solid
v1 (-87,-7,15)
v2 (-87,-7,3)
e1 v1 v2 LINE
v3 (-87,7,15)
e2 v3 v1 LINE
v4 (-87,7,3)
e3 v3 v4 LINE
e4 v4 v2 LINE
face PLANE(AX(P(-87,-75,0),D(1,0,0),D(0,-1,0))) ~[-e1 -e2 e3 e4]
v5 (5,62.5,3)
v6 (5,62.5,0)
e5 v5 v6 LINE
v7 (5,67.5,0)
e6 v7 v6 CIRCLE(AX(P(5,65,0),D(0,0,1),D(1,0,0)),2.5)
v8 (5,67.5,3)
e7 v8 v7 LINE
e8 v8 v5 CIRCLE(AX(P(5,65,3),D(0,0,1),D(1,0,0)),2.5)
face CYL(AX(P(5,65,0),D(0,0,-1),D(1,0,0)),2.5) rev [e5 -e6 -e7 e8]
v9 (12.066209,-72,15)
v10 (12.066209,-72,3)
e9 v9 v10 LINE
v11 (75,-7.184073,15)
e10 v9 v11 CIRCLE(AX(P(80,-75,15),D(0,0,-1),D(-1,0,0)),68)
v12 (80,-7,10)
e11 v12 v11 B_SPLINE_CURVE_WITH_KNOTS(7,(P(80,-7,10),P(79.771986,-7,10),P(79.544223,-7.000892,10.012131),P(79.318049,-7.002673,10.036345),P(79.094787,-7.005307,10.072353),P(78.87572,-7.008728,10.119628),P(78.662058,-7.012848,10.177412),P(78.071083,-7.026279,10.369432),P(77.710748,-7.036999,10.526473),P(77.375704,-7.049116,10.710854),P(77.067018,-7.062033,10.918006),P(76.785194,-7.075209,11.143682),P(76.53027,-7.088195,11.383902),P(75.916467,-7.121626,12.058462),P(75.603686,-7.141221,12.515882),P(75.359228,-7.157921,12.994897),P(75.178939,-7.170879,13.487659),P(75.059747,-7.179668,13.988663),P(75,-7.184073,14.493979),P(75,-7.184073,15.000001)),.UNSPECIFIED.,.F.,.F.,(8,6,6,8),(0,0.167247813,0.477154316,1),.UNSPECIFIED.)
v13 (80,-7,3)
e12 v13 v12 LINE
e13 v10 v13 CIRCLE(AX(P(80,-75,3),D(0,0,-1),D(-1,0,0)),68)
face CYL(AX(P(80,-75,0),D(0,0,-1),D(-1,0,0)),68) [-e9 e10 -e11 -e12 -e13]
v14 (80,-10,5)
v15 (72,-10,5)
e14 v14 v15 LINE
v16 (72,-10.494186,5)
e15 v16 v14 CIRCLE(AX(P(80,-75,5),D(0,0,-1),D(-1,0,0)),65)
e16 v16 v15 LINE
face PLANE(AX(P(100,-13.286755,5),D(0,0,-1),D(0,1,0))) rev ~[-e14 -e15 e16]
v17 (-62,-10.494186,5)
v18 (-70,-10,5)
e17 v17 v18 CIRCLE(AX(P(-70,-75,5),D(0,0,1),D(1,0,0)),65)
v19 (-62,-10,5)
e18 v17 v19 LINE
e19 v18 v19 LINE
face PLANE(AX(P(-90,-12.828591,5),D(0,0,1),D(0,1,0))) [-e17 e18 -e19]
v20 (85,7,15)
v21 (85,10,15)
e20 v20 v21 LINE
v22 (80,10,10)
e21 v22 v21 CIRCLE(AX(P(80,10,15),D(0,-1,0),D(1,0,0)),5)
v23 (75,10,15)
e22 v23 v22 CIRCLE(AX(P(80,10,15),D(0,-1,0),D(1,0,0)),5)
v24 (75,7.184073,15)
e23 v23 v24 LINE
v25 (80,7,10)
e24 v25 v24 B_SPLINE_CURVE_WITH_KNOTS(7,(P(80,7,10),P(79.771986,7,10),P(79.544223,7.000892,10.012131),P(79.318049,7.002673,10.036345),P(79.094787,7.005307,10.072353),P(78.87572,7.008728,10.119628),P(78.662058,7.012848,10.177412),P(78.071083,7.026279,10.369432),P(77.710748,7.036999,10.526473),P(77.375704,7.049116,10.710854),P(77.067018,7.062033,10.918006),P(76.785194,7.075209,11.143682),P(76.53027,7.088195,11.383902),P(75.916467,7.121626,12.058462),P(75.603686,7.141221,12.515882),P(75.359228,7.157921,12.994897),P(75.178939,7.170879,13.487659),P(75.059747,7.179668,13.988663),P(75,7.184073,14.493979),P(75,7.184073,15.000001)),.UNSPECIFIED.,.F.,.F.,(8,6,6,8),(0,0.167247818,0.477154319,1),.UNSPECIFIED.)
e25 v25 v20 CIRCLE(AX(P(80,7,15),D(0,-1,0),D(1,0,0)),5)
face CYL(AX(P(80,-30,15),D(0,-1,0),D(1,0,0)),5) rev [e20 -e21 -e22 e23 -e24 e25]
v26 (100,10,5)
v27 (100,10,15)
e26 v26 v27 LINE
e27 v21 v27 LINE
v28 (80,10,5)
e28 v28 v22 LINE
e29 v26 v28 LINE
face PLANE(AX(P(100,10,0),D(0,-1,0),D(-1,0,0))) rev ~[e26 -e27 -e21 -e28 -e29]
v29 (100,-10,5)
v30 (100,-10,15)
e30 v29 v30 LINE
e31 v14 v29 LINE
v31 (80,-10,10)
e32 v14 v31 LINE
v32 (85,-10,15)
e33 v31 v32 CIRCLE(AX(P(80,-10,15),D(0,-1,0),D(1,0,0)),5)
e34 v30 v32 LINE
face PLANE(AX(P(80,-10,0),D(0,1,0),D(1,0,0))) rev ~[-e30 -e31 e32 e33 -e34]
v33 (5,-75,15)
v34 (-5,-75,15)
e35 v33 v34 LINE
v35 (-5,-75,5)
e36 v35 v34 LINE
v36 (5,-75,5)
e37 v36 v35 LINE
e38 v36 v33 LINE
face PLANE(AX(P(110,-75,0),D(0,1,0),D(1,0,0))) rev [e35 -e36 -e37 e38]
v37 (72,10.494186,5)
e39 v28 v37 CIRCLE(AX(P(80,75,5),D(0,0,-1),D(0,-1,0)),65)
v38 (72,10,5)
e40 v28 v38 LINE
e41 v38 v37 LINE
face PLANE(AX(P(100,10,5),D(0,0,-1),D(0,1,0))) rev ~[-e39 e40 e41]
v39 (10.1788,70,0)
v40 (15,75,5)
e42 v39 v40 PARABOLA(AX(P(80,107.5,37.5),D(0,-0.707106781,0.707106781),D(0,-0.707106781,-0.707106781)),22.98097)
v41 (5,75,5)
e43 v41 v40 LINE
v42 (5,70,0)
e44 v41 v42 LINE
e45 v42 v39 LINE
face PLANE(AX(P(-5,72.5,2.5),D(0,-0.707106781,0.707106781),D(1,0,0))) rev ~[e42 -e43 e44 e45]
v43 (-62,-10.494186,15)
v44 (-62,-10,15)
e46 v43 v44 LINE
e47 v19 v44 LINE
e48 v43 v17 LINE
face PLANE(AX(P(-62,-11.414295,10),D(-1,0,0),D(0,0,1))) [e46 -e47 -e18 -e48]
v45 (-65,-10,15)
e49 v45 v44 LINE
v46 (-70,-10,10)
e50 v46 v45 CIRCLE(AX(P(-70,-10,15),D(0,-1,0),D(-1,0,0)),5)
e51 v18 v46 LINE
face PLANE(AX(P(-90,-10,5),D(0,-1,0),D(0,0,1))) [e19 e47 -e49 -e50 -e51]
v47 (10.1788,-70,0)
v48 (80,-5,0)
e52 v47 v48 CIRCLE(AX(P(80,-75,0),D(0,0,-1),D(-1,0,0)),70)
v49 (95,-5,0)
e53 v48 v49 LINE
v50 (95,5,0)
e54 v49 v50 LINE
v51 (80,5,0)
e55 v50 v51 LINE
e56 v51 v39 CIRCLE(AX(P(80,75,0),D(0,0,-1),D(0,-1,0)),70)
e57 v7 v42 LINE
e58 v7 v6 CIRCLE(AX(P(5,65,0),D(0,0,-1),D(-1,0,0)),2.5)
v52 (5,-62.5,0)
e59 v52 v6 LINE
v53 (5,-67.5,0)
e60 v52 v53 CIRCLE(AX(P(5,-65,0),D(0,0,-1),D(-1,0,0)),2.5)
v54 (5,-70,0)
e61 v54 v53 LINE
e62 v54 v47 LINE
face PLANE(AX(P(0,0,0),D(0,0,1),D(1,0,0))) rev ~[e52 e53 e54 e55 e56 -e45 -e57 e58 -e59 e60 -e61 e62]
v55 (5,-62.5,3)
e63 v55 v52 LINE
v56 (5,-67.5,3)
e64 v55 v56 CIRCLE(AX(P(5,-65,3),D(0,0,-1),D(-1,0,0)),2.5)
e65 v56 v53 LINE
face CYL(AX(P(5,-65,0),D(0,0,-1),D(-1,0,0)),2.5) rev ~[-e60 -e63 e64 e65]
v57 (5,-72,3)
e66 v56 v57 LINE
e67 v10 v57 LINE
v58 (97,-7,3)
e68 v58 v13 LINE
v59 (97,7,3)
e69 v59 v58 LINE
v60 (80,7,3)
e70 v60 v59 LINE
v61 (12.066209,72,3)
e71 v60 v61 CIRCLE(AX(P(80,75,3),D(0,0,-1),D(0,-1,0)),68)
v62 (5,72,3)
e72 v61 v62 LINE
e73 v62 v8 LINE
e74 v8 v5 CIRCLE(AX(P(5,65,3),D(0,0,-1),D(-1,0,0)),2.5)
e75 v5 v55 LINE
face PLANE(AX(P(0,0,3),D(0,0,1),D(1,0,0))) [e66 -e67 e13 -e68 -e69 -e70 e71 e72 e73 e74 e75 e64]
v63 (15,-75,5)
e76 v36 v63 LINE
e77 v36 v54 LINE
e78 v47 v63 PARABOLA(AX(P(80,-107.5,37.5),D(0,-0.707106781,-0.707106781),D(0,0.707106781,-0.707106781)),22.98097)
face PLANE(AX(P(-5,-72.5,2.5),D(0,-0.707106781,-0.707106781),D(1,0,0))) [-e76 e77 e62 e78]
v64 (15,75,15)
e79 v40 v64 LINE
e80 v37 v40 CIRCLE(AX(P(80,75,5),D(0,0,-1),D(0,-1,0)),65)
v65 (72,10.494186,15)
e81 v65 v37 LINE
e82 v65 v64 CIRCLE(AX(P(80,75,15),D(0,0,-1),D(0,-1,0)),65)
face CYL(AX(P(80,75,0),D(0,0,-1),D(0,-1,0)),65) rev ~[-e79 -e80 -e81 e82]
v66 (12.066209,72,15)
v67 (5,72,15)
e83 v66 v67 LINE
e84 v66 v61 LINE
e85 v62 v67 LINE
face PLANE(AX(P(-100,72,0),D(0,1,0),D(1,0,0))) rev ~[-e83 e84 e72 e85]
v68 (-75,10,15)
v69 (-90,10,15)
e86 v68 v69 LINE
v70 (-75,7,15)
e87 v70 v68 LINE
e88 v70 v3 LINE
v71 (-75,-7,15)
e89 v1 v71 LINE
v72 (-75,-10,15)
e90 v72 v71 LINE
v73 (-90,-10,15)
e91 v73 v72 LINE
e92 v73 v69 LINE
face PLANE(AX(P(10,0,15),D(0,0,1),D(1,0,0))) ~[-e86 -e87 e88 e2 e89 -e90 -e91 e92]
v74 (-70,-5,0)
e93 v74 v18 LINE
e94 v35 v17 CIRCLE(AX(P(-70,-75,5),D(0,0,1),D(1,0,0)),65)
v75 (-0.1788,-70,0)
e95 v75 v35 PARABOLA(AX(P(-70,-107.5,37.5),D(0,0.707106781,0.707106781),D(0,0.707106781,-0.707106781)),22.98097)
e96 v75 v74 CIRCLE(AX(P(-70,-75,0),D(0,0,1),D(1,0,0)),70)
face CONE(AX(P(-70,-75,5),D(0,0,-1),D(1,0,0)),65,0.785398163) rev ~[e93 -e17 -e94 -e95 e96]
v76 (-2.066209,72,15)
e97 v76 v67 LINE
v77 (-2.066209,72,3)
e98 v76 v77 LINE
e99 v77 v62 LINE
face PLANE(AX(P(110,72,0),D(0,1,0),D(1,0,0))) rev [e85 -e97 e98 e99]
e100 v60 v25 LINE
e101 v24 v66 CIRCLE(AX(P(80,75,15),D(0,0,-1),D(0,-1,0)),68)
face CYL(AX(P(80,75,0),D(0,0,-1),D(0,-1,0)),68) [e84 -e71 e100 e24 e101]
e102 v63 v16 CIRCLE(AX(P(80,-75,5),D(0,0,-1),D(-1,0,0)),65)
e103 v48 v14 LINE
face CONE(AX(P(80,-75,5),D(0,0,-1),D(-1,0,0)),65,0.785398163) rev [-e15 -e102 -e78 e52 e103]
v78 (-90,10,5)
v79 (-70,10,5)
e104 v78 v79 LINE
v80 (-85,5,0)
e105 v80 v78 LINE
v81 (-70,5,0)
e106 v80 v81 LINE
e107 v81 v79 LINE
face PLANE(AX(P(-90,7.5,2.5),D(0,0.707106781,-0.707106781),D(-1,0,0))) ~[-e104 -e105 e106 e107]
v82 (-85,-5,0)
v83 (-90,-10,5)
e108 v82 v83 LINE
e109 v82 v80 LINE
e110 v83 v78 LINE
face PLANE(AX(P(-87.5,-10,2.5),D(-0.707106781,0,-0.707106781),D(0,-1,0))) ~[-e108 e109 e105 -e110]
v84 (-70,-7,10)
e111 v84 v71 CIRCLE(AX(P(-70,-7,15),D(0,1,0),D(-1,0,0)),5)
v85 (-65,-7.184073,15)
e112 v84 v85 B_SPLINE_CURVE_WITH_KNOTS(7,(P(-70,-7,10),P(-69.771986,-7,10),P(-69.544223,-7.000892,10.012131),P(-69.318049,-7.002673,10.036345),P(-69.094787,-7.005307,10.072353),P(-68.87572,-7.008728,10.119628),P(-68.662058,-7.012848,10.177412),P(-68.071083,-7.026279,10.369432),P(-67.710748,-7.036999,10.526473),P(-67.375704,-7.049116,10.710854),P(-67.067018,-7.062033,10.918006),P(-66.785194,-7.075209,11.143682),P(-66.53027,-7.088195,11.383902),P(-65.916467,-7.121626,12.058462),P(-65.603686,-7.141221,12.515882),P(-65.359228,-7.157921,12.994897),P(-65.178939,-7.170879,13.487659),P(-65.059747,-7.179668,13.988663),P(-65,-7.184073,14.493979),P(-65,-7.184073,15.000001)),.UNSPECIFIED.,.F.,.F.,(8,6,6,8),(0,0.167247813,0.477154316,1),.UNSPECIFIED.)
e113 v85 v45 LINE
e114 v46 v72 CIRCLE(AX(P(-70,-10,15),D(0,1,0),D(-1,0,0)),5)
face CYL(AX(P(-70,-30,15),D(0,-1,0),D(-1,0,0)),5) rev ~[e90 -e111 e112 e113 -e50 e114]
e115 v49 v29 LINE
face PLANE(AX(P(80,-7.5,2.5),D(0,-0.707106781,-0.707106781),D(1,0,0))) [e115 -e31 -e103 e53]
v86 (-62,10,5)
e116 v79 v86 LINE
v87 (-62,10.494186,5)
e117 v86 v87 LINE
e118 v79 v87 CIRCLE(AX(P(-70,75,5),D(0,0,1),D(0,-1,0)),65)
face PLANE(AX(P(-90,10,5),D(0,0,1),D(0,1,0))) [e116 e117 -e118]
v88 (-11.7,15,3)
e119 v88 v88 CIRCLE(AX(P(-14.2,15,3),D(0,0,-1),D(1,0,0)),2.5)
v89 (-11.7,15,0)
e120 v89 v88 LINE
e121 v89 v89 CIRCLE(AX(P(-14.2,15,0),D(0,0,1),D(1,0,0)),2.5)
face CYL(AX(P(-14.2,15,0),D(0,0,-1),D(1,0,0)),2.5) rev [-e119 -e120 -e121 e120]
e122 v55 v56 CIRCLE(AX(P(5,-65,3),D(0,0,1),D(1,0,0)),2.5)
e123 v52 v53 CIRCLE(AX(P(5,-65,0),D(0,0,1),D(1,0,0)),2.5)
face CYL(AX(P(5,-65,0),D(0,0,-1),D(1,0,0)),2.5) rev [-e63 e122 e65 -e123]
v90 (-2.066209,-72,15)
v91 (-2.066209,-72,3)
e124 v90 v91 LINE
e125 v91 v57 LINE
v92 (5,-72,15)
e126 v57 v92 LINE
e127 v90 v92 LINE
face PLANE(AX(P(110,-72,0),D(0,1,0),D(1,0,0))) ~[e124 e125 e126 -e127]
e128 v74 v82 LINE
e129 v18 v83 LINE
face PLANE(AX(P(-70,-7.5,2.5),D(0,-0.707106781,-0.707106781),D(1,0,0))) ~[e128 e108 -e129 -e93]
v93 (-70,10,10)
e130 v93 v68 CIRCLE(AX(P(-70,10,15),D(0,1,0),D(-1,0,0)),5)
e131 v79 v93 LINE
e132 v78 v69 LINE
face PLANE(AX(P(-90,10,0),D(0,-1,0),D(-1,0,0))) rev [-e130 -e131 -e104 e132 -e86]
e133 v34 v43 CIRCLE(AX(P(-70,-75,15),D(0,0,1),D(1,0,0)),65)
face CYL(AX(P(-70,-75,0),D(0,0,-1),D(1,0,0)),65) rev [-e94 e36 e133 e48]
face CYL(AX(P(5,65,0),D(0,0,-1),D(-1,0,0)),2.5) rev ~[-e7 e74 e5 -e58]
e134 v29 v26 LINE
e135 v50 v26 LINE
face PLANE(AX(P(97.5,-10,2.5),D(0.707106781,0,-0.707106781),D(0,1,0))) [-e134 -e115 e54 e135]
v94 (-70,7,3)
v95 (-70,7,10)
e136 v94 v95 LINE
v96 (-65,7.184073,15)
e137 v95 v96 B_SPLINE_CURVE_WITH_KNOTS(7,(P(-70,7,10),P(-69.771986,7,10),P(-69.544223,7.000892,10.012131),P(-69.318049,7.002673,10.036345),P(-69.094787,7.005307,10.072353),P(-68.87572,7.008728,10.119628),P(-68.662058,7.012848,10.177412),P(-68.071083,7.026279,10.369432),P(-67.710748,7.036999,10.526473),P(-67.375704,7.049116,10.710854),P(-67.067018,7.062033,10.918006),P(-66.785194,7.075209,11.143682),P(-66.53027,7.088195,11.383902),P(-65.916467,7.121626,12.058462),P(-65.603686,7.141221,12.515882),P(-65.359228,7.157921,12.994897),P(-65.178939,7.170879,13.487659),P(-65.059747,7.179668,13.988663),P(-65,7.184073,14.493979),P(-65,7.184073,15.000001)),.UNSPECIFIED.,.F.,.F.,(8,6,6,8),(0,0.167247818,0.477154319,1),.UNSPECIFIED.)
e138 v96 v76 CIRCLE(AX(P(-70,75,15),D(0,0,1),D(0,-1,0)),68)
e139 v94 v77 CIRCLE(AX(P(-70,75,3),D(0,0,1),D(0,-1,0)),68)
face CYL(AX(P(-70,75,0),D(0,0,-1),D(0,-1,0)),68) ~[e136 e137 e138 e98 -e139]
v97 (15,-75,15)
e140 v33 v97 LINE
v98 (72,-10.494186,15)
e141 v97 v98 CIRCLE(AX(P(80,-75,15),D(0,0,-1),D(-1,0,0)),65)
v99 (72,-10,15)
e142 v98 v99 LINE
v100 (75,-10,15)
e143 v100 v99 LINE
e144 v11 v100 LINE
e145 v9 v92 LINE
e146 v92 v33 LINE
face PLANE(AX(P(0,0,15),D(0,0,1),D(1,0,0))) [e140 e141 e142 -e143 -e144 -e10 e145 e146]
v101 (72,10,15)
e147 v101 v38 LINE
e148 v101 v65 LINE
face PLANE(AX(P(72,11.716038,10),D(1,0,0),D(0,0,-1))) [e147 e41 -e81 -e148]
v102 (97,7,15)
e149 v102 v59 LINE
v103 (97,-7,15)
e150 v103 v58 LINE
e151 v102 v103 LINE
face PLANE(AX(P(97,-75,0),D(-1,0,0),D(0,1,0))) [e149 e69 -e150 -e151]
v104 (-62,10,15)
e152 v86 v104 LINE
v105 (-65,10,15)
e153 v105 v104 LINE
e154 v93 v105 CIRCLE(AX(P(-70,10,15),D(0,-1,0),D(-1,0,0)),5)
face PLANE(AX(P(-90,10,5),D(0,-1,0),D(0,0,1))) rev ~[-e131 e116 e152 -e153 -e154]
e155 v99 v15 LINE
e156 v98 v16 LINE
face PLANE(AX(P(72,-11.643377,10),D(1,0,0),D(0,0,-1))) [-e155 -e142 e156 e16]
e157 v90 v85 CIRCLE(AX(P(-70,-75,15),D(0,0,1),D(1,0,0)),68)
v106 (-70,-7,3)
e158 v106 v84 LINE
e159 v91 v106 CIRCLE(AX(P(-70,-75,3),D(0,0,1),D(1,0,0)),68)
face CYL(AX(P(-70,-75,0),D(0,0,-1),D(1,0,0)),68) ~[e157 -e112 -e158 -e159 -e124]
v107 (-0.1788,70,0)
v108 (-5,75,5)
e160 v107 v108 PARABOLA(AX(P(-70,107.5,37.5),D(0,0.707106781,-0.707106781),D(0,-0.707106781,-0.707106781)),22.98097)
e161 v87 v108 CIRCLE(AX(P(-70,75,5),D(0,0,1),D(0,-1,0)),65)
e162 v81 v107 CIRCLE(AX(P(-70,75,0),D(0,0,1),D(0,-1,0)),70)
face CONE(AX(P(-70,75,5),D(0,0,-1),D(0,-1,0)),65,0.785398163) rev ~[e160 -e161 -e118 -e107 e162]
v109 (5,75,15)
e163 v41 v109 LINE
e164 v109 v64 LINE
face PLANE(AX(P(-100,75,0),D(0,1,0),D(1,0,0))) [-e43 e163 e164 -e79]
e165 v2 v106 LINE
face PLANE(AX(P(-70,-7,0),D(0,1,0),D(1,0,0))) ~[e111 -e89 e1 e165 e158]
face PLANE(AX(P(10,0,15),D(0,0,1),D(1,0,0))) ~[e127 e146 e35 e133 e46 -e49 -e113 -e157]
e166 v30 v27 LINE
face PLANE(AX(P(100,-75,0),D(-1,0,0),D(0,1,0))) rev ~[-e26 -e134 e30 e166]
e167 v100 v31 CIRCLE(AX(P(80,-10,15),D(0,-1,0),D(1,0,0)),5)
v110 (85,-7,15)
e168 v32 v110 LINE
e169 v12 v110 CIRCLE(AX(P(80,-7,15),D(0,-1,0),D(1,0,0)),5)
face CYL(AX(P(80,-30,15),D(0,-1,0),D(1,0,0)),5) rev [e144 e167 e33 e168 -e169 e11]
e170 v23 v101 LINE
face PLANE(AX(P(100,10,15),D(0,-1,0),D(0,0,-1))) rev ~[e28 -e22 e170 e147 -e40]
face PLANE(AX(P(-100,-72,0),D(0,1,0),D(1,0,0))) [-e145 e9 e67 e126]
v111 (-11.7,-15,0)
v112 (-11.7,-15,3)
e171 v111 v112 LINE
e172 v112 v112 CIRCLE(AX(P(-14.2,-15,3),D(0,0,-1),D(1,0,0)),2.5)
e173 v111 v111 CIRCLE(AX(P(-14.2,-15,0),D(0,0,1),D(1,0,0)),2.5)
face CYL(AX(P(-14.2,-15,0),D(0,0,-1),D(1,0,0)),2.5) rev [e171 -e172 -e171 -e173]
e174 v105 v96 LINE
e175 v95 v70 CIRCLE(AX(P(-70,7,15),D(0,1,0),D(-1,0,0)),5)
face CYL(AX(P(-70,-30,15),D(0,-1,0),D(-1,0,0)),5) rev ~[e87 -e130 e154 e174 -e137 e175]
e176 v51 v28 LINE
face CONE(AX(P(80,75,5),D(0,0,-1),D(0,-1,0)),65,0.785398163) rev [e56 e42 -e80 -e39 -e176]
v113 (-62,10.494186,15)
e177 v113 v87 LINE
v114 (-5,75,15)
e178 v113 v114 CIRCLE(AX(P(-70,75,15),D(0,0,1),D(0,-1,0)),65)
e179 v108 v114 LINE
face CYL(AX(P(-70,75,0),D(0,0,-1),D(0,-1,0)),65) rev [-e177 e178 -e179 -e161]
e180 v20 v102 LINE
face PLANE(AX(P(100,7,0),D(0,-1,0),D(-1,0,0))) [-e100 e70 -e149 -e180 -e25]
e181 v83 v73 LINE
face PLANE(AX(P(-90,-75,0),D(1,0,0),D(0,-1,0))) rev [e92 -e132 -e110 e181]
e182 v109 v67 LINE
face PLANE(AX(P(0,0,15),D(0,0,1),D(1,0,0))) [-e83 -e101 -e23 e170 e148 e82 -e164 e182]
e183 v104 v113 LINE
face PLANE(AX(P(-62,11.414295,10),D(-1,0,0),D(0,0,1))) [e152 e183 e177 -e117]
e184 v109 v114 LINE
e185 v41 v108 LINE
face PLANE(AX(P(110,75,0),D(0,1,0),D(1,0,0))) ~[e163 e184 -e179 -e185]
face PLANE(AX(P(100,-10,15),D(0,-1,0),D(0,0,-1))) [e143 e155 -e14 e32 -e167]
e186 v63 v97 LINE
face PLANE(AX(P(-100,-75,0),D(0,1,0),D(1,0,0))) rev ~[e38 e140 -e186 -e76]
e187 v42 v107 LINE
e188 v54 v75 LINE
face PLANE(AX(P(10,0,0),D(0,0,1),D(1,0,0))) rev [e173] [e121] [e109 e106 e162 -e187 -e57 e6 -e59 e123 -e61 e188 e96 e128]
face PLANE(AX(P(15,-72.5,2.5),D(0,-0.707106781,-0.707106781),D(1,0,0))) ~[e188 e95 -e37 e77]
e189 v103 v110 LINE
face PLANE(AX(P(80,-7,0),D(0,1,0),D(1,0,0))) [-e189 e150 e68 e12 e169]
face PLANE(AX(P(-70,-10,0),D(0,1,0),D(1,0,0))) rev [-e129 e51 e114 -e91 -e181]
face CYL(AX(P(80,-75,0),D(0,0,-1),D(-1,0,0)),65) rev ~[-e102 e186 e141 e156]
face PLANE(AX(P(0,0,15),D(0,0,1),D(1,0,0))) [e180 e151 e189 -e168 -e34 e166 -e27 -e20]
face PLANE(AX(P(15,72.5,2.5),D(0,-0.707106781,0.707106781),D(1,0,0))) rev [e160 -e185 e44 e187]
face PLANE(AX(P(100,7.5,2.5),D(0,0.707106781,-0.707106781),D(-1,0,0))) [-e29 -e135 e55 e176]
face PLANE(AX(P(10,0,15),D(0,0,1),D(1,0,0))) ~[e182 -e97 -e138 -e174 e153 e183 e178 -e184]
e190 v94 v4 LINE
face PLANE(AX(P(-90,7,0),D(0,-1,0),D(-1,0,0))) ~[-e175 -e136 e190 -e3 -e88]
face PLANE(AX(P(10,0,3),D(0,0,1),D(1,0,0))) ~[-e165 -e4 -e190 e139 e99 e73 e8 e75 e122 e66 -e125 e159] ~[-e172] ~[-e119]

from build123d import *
from build123d.topology import SkipClean

# Parameters (mm, degrees)
SKETCH1_W               = 200
SKETCH1_H               = 150
BOSS_EXTRUDE1_DEPTH     = 15
CUT_EXTRUDE2_DEPTH      = 30
SHELL2_T                = -3
SKETCH6_R               = 2.5
CUT_EXTRUDE3_DEPTH      = 30
CUT_EXTRUDE4_DEPTH      = 30
CUT_EXTRUDE4_DEPTH_BACK = 30
SKETCH7_R               = 5
CHAMFER1_SIZE           = 5
SKETCH8_R               = 2.5
CUT_EXTRUDE5_DEPTH      = 10
SKETCH9_W               = 105
SKETCH9_H               = 150
CUT_EXTRUDE8_DEPTH      = 50
SKETCH10_R              = 2.5
CUT_EXTRUDE9_DEPTH      = 50
SKETCH11_W              = 10
SKETCH11_H              = 2.828590786
CUT_EXTRUDE10_DEPTH     = 28
SKETCH12_W              = 10
SKETCH12_H              = 3.286754743
SKETCH12_H_2            = 3.432076944
CUT_EXTRUDE11_DEPTH     = 28


with BuildPart() as part:
    # Sketch1 → Boss-Extrude1 (new body)
    with BuildSketch(Plane.XY):
        Rectangle(SKETCH1_W, SKETCH1_H)
    extrude(amount=BOSS_EXTRUDE1_DEPTH)

    # Sketch5 → Cut-Extrude2 (cut)
    with BuildSketch(Plane(origin=(0, 0, 0), x_dir=(-1, 0, 0), z_dir=(0, 0, -1))):
        with BuildLine():
            Line((100, 75), (5, 75))
            ThreePointArc((5, 75), (24.038059223, 29.038059223), (70, 10))
            Line((70, 10), (100, 10))
            Line((100, 10), (100, 75))
        make_face()
        with BuildLine():
            ThreePointArc((70, -10), (24.038059223, -29.038059223), (5, -75))
            Line((5, -75), (100, -75))
            Line((100, -75), (100, -10))
            Line((100, -10), (70, -10))
        make_face()
        with BuildLine():
            Line((-80, -10), (-100, -10))
            Line((-100, -10), (-100, -75))
            Line((-100, -75), (-15, -75))
            ThreePointArc((-15, -75), (-34.038059223, -29.038059223), (-80, -10))
        make_face()
        with BuildLine():
            Line((-100, 75), (-100, 10))
            Line((-100, 10), (-80, 10))
            ThreePointArc((-80, 10), (-34.038059223, 29.038059223), (-15, 75))
            Line((-15, 75), (-100, 75))
        make_face()
    extrude(amount=-CUT_EXTRUDE2_DEPTH, mode=Mode.SUBTRACT)

    # Shell2
    shell2_openings = [part.faces().sort_by_distance(p)[0] for p in [
        (3.044348512, 0, 15),
    ]]
    offset(amount=SHELL2_T, openings=shell2_openings, kind=Kind.INTERSECTION)

    # Sketch6 → Cut-Extrude3 (cut)
    with BuildSketch(Plane(origin=(0, 0, 0), x_dir=(-1, 0, 0), z_dir=(0, 0, -1))):
        with Locations((-5, 65)):
            Circle(SKETCH6_R)
        with Locations((-5, -65)):
            Circle(SKETCH6_R)
    extrude(amount=-CUT_EXTRUDE3_DEPTH, mode=Mode.SUBTRACT)

    # Sketch7 → Cut-Extrude4 (cut, two sides: drawn at the far end of the back side and taken through both)
    with BuildSketch(Plane(origin=(0, 0, 0), x_dir=(1, 0, 0), z_dir=(0, 1, 0)).offset(-CUT_EXTRUDE4_DEPTH_BACK)):
        with Locations((-80, -15)):
            Circle(SKETCH7_R)
        with Locations((80, -15)):
            Circle(SKETCH7_R)
    extrude(amount=CUT_EXTRUDE4_DEPTH + CUT_EXTRUDE4_DEPTH_BACK, mode=Mode.SUBTRACT)

    # Chamfer1
    chamfer1_edges = [part.edges().sort_by_distance(p)[0] for p in [
        (-100, 0, 0),
        (5, 75, 0),
        (100, 0, 0),
        (5, -75, 0),
        (90, 10, 0),
        (34.038059223, 29.038059223, 0),
        (34.038059223, -29.038059223, 0),
        (90, -10, 0),
        (-24.038059223, -29.038059223, 0),
        (-85, -10, 0),
        (-24.038059223, 29.038059223, 0),
        (-85, 10, 0),
    ]]
    chamfer(chamfer1_edges, length=CHAMFER1_SIZE)

    # Sketch8 → Cut-Extrude5 (cut)
    with BuildSketch(Plane.XY.offset(3)):
        with Locations((-22, 15)):
            Circle(SKETCH8_R)
        with Locations((-22, -15)):
            Circle(SKETCH8_R)
    extrude(amount=-CUT_EXTRUDE5_DEPTH, mode=Mode.SUBTRACT)

    # Sketch9 → Cut-Extrude8 (cut)
    with BuildSketch(Plane.XY):
        with Locations((-47.5, 0)):
            Rectangle(SKETCH9_W, SKETCH9_H)
    extrude(amount=CUT_EXTRUDE8_DEPTH, mode=Mode.SUBTRACT)

    # Mirror4: part across plane


with BuildPart() as part_1:
    with SkipClean():  # the faces are left unmerged after this step: merging them gives an invalid solid
        add(part.part)
        add(part.part.mirror(Plane(origin=(5, 75, 50), x_dir=(0, 0, 1), z_dir=(-1, 0, 0))))

    # Sketch10 → Cut-Extrude9 (cut)
    with SkipClean():  # the faces are left unmerged after this step: merging them gives an invalid solid
        with BuildSketch(Plane.XY):
            with Locations((-14.2, 15)):
                Circle(SKETCH10_R)
            with Locations((-14.2, -15)):
                Circle(SKETCH10_R)
        extrude(amount=CUT_EXTRUDE9_DEPTH, mode=Mode.SUBTRACT)

    # Sketch11 → Cut-Extrude10 (cut)
    with SkipClean():  # the faces are left unmerged after this step: merging them gives an invalid solid
        with BuildSketch(Plane.ZY.offset(90)):
            with Locations((10, 11.414295393)):
                Rectangle(SKETCH11_W, SKETCH11_H)
            with Locations((10, -11.414295393)):
                Rectangle(SKETCH11_W, SKETCH11_H)
        extrude(amount=-CUT_EXTRUDE10_DEPTH, mode=Mode.SUBTRACT)

    # Sketch12 → Cut-Extrude11 (cut)
    with SkipClean():  # the faces are left unmerged after this step: merging them gives an invalid solid
        with BuildSketch(Plane(origin=(100, 0, 0), x_dir=(0, 0, -1), z_dir=(1, 0, 0))):
            with Locations((-10, -11.643377372)):
                Rectangle(SKETCH12_W, SKETCH12_H)
            with Locations((-10, 11.716038472)):
                Rectangle(SKETCH12_W, SKETCH12_H_2)
        extrude(amount=-CUT_EXTRUDE11_DEPTH, mode=Mode.SUBTRACT)


solid = part_1.part
